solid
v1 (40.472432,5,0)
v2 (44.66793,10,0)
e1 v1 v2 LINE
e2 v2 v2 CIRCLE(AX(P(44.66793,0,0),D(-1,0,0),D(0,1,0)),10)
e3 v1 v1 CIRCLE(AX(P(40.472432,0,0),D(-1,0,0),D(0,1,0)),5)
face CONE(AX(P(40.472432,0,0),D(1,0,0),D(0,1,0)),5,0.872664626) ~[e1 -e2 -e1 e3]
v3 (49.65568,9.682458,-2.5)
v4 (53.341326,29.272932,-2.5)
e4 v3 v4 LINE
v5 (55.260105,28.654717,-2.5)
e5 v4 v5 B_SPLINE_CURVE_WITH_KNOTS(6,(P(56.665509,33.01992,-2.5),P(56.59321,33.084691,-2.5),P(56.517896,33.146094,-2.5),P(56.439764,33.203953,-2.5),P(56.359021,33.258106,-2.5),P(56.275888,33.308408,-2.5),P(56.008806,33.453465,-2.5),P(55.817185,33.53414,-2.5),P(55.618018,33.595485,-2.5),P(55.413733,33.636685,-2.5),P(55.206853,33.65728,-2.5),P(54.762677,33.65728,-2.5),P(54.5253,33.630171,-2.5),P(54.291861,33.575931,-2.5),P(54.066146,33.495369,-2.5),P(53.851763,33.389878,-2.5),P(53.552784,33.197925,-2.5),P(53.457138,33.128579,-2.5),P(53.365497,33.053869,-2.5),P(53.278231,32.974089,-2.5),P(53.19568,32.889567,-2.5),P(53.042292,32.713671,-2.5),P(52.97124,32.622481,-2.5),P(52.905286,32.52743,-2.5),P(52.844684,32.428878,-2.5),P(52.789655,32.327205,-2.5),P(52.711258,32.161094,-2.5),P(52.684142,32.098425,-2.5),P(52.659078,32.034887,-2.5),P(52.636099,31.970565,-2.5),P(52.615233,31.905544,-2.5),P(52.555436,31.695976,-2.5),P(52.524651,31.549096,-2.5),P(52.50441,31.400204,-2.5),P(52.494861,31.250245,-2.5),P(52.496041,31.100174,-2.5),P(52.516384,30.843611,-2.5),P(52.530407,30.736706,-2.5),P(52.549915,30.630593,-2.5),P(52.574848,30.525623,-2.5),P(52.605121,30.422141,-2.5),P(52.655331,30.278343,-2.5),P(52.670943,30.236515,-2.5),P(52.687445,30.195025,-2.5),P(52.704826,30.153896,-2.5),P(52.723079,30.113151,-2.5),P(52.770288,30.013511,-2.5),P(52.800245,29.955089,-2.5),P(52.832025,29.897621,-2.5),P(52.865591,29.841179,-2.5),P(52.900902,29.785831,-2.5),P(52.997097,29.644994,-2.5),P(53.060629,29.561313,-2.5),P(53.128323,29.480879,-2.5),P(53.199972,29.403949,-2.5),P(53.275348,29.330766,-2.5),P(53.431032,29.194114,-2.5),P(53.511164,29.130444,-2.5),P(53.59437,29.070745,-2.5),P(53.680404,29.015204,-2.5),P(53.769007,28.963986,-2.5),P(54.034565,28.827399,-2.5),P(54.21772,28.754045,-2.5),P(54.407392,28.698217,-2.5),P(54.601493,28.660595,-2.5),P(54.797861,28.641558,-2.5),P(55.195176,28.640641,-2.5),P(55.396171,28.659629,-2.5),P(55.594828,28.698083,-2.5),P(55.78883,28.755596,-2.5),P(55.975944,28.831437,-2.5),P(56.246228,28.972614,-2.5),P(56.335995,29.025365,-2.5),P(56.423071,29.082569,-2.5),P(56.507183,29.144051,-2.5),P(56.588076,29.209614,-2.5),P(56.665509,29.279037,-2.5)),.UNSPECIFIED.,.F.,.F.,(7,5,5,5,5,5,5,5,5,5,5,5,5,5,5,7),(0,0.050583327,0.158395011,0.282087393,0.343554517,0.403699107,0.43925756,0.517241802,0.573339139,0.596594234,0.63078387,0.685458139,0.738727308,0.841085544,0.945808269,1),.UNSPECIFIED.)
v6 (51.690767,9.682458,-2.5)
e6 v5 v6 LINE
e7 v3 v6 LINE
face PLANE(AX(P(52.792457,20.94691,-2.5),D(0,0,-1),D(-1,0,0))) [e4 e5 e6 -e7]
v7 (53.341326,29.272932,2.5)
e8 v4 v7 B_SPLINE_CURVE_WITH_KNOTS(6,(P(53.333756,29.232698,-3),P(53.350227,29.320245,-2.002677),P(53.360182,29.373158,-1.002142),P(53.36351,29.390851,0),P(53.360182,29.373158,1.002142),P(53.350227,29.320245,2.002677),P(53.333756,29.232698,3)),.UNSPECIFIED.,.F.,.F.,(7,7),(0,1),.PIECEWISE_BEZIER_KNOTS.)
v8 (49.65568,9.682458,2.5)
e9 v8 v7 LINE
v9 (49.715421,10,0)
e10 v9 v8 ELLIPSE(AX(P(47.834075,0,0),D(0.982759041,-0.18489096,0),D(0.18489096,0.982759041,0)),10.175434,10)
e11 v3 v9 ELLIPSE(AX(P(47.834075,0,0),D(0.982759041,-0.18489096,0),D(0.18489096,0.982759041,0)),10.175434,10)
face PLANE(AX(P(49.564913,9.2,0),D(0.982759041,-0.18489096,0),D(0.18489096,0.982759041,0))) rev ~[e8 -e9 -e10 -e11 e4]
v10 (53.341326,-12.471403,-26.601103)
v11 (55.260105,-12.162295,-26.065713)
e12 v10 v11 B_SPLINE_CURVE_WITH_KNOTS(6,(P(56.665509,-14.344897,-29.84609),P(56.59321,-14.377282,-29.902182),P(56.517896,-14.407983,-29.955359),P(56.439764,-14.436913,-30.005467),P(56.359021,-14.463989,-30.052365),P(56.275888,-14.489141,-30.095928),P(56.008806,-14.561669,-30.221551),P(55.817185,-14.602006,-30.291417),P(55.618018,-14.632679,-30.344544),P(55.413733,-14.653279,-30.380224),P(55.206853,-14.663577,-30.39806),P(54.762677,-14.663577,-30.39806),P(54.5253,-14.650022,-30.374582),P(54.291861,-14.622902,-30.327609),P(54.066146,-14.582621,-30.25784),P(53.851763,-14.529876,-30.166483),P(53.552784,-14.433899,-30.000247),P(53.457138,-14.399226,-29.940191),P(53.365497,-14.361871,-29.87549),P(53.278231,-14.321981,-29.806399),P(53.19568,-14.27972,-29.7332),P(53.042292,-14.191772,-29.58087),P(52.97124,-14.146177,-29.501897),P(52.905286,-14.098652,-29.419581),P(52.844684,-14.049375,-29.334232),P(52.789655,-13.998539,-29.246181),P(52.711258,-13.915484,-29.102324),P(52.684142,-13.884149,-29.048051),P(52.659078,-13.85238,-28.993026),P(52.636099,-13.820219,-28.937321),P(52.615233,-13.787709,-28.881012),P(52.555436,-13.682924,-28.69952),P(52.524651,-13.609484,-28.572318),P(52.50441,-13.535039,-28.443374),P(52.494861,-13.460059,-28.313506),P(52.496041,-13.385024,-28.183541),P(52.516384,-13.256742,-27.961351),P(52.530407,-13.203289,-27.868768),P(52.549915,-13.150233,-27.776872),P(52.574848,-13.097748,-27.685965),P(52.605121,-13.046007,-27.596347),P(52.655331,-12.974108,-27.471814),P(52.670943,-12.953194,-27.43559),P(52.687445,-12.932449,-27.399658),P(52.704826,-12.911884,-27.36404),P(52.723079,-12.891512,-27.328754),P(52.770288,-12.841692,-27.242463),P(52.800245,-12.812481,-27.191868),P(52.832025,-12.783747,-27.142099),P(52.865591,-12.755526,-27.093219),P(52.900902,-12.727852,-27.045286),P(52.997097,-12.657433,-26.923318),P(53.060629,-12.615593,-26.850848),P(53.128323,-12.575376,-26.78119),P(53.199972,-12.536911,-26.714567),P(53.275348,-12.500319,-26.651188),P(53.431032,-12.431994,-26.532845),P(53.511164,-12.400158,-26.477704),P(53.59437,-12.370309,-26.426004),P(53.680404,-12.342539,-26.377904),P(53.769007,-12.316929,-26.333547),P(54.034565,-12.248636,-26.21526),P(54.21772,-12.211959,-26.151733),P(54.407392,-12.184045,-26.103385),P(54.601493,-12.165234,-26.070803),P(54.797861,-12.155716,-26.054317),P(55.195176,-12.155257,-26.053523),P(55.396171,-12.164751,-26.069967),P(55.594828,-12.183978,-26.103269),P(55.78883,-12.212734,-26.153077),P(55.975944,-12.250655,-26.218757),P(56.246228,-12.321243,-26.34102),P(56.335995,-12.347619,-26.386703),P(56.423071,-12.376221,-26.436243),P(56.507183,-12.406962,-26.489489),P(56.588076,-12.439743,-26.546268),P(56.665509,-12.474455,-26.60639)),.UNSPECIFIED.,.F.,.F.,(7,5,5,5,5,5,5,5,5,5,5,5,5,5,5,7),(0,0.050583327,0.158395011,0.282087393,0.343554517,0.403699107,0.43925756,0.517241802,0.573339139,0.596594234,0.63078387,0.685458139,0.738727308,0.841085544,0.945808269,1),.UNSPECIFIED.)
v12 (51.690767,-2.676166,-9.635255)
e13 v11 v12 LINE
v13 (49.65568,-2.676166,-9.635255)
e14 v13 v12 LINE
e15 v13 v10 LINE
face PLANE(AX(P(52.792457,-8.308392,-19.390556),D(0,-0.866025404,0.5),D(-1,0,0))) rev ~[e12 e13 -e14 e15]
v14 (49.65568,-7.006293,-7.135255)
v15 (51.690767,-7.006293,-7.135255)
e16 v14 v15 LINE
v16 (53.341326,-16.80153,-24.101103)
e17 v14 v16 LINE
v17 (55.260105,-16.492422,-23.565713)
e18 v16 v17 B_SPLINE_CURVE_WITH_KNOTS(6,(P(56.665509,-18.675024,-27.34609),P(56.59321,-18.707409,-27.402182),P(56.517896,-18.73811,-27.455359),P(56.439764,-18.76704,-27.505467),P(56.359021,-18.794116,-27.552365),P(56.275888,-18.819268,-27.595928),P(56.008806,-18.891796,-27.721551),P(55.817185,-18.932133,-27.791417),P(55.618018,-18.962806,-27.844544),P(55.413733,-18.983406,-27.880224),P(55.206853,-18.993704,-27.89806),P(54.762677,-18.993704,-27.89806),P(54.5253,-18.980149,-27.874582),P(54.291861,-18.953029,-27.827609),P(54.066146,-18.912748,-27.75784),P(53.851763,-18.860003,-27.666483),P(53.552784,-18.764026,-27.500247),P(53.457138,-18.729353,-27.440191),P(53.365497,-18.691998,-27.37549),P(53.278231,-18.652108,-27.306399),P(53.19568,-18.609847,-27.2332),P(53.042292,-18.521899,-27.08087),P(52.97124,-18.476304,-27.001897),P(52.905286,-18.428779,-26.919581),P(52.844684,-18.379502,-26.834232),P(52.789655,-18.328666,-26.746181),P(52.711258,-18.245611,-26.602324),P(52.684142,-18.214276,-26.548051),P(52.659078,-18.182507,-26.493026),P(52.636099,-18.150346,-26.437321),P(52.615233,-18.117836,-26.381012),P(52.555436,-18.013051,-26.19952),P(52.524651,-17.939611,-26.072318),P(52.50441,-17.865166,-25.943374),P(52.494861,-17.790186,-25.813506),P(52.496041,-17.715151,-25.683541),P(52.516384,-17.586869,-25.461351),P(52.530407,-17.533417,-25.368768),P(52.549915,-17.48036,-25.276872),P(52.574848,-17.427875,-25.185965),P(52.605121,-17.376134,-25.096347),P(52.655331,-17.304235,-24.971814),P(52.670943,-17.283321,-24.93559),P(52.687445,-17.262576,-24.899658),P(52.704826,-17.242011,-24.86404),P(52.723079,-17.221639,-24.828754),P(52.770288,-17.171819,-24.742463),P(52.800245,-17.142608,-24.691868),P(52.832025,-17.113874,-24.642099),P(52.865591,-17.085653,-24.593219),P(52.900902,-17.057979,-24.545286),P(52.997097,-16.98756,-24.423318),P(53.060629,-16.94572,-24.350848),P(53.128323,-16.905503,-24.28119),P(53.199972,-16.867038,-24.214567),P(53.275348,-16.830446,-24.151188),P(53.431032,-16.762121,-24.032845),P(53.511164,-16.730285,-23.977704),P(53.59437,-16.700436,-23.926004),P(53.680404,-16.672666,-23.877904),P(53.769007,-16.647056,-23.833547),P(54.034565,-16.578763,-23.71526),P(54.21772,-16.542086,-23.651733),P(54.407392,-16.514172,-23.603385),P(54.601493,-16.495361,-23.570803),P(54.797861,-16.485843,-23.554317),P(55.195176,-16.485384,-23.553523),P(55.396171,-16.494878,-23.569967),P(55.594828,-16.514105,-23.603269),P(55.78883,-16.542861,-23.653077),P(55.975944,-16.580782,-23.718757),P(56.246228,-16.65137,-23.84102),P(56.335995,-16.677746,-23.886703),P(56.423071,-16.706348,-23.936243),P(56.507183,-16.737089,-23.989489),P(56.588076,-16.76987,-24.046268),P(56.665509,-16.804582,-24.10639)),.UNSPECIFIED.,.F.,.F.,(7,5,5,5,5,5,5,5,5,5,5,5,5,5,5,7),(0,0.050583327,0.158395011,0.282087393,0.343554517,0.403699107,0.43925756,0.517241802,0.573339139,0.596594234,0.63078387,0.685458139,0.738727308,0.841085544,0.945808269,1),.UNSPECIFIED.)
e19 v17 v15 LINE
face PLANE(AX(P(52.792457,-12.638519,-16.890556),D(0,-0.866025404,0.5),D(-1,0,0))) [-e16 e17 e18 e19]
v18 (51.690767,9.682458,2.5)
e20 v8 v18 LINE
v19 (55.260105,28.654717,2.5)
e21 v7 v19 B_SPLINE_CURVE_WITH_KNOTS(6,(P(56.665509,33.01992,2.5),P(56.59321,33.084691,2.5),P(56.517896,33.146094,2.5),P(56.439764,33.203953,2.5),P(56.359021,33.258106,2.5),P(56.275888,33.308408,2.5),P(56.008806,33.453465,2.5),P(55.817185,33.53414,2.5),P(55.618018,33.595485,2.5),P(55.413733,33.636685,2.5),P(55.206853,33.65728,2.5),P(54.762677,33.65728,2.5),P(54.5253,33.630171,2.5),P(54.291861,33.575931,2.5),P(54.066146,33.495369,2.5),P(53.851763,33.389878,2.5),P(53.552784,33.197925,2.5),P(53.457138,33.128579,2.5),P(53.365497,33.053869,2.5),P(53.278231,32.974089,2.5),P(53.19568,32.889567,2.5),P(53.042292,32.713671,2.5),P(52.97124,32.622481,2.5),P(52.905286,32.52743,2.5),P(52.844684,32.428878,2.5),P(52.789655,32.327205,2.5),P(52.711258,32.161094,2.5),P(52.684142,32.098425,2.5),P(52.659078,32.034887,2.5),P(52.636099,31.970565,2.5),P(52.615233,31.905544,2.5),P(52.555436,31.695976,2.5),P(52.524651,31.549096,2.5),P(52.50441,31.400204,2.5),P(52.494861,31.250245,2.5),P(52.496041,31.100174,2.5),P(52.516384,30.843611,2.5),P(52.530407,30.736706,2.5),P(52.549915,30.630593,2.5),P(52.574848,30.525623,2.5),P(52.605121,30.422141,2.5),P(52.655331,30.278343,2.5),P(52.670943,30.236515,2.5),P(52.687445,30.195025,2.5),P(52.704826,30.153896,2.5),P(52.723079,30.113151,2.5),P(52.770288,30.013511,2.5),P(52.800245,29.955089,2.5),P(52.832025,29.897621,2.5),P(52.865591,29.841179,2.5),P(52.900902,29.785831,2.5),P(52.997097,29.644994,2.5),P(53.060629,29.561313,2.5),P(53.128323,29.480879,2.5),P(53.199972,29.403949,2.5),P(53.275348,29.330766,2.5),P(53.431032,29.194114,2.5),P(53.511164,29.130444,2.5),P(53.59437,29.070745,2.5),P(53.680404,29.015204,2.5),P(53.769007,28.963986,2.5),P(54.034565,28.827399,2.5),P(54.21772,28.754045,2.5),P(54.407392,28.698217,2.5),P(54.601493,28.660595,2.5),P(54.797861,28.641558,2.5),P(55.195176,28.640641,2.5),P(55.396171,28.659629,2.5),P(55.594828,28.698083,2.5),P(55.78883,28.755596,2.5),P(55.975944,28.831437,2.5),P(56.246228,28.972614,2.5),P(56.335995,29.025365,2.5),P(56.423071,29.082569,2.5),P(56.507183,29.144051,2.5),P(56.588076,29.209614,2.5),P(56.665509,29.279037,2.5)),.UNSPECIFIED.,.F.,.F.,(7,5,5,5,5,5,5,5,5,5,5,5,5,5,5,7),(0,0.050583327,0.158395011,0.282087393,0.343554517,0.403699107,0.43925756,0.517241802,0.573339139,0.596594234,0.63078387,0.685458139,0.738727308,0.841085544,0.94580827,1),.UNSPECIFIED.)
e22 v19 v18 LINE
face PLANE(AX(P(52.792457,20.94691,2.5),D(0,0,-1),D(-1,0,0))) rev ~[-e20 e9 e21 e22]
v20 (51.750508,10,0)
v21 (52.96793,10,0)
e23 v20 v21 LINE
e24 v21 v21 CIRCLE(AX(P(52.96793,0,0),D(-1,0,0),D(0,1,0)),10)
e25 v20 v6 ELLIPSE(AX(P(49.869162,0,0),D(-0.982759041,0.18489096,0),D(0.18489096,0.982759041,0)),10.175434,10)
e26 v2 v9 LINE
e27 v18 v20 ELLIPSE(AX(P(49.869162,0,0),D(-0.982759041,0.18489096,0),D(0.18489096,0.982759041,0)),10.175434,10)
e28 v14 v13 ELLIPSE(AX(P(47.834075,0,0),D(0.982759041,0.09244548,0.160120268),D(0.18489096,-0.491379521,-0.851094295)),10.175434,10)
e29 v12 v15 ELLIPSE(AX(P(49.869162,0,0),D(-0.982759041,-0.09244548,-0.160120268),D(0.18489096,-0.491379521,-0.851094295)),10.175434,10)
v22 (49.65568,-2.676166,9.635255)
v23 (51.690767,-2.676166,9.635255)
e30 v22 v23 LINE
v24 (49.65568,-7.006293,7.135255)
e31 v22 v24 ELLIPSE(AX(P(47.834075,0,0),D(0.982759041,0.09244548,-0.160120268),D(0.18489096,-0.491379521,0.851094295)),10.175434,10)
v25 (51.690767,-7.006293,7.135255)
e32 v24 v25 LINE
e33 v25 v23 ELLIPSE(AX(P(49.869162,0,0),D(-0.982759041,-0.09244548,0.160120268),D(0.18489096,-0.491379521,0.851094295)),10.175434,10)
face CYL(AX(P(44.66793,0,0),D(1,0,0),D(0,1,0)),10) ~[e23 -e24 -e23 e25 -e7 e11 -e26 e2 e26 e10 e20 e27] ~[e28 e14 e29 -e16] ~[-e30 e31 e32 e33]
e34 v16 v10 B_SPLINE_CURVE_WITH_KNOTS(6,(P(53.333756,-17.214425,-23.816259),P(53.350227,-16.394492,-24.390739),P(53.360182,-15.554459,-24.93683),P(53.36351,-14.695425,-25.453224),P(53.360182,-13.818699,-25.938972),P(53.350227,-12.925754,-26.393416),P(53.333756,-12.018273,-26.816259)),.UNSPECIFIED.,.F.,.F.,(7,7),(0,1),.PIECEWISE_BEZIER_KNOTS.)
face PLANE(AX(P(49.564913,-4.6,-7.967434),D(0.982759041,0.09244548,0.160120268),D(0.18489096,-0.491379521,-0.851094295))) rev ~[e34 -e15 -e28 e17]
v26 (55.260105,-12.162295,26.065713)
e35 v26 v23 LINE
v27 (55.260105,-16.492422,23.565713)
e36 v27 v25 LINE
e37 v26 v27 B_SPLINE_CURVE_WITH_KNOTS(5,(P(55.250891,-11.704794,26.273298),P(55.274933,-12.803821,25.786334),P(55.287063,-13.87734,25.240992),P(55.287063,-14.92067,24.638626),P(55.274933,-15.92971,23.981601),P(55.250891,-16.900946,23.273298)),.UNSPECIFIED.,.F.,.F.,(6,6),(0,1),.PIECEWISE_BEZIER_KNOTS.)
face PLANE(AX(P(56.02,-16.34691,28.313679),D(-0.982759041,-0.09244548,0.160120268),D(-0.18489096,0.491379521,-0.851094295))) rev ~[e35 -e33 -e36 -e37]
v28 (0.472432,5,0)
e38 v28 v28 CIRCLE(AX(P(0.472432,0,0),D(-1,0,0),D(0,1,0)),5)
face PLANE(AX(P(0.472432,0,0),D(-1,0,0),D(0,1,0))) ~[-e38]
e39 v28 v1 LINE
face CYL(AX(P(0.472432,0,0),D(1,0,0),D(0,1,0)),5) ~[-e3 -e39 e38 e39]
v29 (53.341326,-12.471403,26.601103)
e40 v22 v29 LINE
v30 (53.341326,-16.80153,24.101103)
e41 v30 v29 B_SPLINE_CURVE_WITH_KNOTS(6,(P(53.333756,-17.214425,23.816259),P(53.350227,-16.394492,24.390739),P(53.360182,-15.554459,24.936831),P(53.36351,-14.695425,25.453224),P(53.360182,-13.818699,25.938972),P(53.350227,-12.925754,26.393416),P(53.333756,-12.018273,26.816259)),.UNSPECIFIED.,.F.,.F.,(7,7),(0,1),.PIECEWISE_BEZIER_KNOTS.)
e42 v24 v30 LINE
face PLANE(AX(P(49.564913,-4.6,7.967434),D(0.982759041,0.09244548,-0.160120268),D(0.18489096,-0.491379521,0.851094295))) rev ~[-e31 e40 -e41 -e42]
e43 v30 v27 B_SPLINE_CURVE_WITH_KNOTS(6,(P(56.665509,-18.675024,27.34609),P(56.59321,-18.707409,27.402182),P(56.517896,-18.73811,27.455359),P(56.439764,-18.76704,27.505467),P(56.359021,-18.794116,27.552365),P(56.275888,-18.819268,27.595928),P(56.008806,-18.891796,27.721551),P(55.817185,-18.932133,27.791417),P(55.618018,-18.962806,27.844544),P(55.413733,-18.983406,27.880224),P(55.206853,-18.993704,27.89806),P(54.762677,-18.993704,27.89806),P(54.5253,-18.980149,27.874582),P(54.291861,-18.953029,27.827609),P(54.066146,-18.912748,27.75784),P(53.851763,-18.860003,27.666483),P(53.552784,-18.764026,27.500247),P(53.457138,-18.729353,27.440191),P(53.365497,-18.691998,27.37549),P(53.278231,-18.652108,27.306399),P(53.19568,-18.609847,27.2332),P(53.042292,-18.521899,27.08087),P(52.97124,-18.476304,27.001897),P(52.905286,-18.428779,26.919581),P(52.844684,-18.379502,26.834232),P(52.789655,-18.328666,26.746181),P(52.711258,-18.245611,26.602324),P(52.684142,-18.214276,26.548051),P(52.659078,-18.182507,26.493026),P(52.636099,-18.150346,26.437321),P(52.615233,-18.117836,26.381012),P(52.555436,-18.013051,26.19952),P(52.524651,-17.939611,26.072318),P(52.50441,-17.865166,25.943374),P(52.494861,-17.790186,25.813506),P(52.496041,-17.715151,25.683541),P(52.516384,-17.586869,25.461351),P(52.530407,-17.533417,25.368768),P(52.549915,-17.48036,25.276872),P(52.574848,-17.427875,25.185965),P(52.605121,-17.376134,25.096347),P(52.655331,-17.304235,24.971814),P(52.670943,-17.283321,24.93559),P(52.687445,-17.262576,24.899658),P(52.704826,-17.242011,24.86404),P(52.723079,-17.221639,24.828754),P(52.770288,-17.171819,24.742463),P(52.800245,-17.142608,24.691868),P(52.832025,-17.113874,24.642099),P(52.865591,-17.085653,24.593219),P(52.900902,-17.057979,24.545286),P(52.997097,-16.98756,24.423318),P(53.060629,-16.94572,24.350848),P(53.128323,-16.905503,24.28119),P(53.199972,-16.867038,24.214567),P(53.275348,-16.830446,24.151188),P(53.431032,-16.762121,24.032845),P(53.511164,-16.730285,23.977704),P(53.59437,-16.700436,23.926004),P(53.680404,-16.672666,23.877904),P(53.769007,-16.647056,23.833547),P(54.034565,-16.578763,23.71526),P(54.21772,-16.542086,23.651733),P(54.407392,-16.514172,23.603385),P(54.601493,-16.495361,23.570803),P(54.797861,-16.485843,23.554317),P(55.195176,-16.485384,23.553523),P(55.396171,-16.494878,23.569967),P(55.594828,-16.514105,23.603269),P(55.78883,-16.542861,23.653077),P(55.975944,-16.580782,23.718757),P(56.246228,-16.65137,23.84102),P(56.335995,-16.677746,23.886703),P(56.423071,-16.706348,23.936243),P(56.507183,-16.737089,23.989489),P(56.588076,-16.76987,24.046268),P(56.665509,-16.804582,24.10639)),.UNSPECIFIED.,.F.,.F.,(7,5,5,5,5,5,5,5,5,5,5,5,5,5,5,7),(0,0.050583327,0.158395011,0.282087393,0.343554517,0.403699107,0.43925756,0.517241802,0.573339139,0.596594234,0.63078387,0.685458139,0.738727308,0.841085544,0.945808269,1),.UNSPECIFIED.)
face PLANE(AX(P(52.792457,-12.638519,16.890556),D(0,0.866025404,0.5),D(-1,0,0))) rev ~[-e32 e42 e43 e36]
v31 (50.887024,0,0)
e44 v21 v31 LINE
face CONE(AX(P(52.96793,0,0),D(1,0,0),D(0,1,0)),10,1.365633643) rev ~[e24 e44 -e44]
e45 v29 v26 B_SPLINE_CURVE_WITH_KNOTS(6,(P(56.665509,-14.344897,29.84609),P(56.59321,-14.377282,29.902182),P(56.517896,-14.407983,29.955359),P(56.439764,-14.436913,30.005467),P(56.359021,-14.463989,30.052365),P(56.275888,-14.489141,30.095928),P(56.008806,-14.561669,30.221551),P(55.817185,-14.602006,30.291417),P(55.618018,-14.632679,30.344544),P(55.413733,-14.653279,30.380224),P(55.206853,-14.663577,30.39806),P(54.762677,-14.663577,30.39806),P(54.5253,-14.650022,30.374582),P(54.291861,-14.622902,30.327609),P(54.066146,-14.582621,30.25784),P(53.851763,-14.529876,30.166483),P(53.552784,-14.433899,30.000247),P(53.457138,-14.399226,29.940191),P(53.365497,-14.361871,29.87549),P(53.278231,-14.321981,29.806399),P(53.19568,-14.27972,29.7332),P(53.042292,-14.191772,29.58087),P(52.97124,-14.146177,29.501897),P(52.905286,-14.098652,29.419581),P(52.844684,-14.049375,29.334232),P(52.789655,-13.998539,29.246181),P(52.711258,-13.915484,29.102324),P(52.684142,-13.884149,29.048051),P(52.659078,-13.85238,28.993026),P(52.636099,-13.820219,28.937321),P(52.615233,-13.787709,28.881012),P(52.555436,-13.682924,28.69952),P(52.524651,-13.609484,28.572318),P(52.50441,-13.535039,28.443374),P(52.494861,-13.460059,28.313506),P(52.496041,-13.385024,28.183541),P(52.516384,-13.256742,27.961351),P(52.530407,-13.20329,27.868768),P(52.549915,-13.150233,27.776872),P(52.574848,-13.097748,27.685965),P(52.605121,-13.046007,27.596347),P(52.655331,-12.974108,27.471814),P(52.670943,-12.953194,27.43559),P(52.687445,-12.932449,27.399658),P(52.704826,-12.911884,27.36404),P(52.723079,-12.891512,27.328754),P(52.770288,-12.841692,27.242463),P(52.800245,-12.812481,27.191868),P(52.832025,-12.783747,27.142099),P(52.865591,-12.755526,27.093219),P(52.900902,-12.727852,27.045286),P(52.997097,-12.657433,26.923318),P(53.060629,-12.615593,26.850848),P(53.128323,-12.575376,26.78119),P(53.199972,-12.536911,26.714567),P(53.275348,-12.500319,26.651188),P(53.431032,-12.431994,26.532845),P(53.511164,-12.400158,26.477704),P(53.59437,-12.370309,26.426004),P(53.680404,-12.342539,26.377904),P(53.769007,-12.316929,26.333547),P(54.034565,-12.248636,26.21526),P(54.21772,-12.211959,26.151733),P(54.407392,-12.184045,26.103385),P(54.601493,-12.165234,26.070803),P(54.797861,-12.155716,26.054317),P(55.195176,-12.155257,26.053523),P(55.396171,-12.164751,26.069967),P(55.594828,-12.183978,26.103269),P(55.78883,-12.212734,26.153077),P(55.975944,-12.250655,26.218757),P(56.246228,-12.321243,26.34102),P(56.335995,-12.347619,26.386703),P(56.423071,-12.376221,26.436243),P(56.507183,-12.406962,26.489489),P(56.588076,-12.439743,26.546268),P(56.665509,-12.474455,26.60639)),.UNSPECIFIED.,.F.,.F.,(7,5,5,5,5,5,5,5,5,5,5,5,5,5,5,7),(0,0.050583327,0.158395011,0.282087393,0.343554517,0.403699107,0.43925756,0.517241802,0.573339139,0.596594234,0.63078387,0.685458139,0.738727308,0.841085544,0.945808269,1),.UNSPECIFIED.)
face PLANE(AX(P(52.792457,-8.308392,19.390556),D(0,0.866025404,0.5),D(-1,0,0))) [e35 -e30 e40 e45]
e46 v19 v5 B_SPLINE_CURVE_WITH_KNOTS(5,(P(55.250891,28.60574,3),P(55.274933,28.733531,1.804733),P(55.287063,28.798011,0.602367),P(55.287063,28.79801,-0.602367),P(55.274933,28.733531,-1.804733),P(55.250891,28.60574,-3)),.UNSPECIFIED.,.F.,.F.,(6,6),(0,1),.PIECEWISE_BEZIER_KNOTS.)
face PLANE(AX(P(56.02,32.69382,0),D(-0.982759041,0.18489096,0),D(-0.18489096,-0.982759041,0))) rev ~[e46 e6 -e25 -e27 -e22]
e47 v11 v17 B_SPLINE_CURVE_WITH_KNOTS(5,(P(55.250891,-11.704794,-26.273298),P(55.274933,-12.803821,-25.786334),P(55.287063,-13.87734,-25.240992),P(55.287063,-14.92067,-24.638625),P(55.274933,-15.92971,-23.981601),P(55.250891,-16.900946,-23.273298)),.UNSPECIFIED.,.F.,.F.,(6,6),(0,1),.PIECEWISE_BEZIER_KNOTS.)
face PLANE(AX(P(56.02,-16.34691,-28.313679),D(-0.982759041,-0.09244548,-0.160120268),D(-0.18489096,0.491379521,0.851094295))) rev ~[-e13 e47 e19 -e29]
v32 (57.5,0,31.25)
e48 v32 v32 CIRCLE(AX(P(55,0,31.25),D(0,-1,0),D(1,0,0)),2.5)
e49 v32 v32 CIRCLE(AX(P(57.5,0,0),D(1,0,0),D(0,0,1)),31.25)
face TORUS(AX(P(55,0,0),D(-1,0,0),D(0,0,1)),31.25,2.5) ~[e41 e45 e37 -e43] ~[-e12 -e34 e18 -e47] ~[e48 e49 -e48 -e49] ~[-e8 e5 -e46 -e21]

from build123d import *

# Parameters (mm, degrees)
IZIM2_R                     = 2.5
Y_KSEKLIK_EKSTR_ZYON1_DEPTH = 2.5
DAIRESEL_KAPLAMA1_COUNT     = 3


with BuildPart() as part:
    # Çizim1 → Döndür2 (revolve)
    with BuildSketch(Plane.XY):
        Polygon((0.472431585, 0), (0.472431585, 5), (40.472431585, 5), (44.667929741, 10), (52.967929741, 10), (50.88702434, 0), align=None)
    revolve(axis=Axis((0.472431585, 0, 0), (-1, 0, 0)))



with BuildPart() as body_2:
    # Çizim2 → Döndür3 (revolve)
    with BuildSketch(Plane.XY, mode=Mode.PRIVATE) as d_nd_r3_sk:
        with Locations((55, 31.25)):
            Circle(IZIM2_R)
    revolve(d_nd_r3_sk.sketch.rotate(Axis((0, 0, 0), (1, 0, 0)), 90), axis=Axis((0, 0, 0), (1, 0, 0)))


with BuildPart() as part_1:
    add(part.part)

    add(body_2.part)  # Yükseklik-Ekstrüzyon1 merges body 2
    # Çizim3 → Yükseklik-Ekstrüzyon1 (add, symmetric)
    with BuildSketch(Plane.XY):
        Polygon((51.6, 9.2), (49.564913151, 9.2), (53.984913151, 32.693820177), (56.02, 32.693820177), align=None)
    y_kseklik_ekstr_zyon1 = extrude(amount=Y_KSEKLIK_EKSTR_ZYON1_DEPTH, both=True)

    # Dairesel Kaplama1: Yükseklik-Ekstrüzyon1 ×3 about axis
    dairesel_kaplama1_axis = Axis((0, 0, 0), (1, 0, 0))
    for i in range(1, DAIRESEL_KAPLAMA1_COUNT):
        add(y_kseklik_ekstr_zyon1.rotate(dairesel_kaplama1_axis, i * 360 / DAIRESEL_KAPLAMA1_COUNT))


solid = part_1.part
